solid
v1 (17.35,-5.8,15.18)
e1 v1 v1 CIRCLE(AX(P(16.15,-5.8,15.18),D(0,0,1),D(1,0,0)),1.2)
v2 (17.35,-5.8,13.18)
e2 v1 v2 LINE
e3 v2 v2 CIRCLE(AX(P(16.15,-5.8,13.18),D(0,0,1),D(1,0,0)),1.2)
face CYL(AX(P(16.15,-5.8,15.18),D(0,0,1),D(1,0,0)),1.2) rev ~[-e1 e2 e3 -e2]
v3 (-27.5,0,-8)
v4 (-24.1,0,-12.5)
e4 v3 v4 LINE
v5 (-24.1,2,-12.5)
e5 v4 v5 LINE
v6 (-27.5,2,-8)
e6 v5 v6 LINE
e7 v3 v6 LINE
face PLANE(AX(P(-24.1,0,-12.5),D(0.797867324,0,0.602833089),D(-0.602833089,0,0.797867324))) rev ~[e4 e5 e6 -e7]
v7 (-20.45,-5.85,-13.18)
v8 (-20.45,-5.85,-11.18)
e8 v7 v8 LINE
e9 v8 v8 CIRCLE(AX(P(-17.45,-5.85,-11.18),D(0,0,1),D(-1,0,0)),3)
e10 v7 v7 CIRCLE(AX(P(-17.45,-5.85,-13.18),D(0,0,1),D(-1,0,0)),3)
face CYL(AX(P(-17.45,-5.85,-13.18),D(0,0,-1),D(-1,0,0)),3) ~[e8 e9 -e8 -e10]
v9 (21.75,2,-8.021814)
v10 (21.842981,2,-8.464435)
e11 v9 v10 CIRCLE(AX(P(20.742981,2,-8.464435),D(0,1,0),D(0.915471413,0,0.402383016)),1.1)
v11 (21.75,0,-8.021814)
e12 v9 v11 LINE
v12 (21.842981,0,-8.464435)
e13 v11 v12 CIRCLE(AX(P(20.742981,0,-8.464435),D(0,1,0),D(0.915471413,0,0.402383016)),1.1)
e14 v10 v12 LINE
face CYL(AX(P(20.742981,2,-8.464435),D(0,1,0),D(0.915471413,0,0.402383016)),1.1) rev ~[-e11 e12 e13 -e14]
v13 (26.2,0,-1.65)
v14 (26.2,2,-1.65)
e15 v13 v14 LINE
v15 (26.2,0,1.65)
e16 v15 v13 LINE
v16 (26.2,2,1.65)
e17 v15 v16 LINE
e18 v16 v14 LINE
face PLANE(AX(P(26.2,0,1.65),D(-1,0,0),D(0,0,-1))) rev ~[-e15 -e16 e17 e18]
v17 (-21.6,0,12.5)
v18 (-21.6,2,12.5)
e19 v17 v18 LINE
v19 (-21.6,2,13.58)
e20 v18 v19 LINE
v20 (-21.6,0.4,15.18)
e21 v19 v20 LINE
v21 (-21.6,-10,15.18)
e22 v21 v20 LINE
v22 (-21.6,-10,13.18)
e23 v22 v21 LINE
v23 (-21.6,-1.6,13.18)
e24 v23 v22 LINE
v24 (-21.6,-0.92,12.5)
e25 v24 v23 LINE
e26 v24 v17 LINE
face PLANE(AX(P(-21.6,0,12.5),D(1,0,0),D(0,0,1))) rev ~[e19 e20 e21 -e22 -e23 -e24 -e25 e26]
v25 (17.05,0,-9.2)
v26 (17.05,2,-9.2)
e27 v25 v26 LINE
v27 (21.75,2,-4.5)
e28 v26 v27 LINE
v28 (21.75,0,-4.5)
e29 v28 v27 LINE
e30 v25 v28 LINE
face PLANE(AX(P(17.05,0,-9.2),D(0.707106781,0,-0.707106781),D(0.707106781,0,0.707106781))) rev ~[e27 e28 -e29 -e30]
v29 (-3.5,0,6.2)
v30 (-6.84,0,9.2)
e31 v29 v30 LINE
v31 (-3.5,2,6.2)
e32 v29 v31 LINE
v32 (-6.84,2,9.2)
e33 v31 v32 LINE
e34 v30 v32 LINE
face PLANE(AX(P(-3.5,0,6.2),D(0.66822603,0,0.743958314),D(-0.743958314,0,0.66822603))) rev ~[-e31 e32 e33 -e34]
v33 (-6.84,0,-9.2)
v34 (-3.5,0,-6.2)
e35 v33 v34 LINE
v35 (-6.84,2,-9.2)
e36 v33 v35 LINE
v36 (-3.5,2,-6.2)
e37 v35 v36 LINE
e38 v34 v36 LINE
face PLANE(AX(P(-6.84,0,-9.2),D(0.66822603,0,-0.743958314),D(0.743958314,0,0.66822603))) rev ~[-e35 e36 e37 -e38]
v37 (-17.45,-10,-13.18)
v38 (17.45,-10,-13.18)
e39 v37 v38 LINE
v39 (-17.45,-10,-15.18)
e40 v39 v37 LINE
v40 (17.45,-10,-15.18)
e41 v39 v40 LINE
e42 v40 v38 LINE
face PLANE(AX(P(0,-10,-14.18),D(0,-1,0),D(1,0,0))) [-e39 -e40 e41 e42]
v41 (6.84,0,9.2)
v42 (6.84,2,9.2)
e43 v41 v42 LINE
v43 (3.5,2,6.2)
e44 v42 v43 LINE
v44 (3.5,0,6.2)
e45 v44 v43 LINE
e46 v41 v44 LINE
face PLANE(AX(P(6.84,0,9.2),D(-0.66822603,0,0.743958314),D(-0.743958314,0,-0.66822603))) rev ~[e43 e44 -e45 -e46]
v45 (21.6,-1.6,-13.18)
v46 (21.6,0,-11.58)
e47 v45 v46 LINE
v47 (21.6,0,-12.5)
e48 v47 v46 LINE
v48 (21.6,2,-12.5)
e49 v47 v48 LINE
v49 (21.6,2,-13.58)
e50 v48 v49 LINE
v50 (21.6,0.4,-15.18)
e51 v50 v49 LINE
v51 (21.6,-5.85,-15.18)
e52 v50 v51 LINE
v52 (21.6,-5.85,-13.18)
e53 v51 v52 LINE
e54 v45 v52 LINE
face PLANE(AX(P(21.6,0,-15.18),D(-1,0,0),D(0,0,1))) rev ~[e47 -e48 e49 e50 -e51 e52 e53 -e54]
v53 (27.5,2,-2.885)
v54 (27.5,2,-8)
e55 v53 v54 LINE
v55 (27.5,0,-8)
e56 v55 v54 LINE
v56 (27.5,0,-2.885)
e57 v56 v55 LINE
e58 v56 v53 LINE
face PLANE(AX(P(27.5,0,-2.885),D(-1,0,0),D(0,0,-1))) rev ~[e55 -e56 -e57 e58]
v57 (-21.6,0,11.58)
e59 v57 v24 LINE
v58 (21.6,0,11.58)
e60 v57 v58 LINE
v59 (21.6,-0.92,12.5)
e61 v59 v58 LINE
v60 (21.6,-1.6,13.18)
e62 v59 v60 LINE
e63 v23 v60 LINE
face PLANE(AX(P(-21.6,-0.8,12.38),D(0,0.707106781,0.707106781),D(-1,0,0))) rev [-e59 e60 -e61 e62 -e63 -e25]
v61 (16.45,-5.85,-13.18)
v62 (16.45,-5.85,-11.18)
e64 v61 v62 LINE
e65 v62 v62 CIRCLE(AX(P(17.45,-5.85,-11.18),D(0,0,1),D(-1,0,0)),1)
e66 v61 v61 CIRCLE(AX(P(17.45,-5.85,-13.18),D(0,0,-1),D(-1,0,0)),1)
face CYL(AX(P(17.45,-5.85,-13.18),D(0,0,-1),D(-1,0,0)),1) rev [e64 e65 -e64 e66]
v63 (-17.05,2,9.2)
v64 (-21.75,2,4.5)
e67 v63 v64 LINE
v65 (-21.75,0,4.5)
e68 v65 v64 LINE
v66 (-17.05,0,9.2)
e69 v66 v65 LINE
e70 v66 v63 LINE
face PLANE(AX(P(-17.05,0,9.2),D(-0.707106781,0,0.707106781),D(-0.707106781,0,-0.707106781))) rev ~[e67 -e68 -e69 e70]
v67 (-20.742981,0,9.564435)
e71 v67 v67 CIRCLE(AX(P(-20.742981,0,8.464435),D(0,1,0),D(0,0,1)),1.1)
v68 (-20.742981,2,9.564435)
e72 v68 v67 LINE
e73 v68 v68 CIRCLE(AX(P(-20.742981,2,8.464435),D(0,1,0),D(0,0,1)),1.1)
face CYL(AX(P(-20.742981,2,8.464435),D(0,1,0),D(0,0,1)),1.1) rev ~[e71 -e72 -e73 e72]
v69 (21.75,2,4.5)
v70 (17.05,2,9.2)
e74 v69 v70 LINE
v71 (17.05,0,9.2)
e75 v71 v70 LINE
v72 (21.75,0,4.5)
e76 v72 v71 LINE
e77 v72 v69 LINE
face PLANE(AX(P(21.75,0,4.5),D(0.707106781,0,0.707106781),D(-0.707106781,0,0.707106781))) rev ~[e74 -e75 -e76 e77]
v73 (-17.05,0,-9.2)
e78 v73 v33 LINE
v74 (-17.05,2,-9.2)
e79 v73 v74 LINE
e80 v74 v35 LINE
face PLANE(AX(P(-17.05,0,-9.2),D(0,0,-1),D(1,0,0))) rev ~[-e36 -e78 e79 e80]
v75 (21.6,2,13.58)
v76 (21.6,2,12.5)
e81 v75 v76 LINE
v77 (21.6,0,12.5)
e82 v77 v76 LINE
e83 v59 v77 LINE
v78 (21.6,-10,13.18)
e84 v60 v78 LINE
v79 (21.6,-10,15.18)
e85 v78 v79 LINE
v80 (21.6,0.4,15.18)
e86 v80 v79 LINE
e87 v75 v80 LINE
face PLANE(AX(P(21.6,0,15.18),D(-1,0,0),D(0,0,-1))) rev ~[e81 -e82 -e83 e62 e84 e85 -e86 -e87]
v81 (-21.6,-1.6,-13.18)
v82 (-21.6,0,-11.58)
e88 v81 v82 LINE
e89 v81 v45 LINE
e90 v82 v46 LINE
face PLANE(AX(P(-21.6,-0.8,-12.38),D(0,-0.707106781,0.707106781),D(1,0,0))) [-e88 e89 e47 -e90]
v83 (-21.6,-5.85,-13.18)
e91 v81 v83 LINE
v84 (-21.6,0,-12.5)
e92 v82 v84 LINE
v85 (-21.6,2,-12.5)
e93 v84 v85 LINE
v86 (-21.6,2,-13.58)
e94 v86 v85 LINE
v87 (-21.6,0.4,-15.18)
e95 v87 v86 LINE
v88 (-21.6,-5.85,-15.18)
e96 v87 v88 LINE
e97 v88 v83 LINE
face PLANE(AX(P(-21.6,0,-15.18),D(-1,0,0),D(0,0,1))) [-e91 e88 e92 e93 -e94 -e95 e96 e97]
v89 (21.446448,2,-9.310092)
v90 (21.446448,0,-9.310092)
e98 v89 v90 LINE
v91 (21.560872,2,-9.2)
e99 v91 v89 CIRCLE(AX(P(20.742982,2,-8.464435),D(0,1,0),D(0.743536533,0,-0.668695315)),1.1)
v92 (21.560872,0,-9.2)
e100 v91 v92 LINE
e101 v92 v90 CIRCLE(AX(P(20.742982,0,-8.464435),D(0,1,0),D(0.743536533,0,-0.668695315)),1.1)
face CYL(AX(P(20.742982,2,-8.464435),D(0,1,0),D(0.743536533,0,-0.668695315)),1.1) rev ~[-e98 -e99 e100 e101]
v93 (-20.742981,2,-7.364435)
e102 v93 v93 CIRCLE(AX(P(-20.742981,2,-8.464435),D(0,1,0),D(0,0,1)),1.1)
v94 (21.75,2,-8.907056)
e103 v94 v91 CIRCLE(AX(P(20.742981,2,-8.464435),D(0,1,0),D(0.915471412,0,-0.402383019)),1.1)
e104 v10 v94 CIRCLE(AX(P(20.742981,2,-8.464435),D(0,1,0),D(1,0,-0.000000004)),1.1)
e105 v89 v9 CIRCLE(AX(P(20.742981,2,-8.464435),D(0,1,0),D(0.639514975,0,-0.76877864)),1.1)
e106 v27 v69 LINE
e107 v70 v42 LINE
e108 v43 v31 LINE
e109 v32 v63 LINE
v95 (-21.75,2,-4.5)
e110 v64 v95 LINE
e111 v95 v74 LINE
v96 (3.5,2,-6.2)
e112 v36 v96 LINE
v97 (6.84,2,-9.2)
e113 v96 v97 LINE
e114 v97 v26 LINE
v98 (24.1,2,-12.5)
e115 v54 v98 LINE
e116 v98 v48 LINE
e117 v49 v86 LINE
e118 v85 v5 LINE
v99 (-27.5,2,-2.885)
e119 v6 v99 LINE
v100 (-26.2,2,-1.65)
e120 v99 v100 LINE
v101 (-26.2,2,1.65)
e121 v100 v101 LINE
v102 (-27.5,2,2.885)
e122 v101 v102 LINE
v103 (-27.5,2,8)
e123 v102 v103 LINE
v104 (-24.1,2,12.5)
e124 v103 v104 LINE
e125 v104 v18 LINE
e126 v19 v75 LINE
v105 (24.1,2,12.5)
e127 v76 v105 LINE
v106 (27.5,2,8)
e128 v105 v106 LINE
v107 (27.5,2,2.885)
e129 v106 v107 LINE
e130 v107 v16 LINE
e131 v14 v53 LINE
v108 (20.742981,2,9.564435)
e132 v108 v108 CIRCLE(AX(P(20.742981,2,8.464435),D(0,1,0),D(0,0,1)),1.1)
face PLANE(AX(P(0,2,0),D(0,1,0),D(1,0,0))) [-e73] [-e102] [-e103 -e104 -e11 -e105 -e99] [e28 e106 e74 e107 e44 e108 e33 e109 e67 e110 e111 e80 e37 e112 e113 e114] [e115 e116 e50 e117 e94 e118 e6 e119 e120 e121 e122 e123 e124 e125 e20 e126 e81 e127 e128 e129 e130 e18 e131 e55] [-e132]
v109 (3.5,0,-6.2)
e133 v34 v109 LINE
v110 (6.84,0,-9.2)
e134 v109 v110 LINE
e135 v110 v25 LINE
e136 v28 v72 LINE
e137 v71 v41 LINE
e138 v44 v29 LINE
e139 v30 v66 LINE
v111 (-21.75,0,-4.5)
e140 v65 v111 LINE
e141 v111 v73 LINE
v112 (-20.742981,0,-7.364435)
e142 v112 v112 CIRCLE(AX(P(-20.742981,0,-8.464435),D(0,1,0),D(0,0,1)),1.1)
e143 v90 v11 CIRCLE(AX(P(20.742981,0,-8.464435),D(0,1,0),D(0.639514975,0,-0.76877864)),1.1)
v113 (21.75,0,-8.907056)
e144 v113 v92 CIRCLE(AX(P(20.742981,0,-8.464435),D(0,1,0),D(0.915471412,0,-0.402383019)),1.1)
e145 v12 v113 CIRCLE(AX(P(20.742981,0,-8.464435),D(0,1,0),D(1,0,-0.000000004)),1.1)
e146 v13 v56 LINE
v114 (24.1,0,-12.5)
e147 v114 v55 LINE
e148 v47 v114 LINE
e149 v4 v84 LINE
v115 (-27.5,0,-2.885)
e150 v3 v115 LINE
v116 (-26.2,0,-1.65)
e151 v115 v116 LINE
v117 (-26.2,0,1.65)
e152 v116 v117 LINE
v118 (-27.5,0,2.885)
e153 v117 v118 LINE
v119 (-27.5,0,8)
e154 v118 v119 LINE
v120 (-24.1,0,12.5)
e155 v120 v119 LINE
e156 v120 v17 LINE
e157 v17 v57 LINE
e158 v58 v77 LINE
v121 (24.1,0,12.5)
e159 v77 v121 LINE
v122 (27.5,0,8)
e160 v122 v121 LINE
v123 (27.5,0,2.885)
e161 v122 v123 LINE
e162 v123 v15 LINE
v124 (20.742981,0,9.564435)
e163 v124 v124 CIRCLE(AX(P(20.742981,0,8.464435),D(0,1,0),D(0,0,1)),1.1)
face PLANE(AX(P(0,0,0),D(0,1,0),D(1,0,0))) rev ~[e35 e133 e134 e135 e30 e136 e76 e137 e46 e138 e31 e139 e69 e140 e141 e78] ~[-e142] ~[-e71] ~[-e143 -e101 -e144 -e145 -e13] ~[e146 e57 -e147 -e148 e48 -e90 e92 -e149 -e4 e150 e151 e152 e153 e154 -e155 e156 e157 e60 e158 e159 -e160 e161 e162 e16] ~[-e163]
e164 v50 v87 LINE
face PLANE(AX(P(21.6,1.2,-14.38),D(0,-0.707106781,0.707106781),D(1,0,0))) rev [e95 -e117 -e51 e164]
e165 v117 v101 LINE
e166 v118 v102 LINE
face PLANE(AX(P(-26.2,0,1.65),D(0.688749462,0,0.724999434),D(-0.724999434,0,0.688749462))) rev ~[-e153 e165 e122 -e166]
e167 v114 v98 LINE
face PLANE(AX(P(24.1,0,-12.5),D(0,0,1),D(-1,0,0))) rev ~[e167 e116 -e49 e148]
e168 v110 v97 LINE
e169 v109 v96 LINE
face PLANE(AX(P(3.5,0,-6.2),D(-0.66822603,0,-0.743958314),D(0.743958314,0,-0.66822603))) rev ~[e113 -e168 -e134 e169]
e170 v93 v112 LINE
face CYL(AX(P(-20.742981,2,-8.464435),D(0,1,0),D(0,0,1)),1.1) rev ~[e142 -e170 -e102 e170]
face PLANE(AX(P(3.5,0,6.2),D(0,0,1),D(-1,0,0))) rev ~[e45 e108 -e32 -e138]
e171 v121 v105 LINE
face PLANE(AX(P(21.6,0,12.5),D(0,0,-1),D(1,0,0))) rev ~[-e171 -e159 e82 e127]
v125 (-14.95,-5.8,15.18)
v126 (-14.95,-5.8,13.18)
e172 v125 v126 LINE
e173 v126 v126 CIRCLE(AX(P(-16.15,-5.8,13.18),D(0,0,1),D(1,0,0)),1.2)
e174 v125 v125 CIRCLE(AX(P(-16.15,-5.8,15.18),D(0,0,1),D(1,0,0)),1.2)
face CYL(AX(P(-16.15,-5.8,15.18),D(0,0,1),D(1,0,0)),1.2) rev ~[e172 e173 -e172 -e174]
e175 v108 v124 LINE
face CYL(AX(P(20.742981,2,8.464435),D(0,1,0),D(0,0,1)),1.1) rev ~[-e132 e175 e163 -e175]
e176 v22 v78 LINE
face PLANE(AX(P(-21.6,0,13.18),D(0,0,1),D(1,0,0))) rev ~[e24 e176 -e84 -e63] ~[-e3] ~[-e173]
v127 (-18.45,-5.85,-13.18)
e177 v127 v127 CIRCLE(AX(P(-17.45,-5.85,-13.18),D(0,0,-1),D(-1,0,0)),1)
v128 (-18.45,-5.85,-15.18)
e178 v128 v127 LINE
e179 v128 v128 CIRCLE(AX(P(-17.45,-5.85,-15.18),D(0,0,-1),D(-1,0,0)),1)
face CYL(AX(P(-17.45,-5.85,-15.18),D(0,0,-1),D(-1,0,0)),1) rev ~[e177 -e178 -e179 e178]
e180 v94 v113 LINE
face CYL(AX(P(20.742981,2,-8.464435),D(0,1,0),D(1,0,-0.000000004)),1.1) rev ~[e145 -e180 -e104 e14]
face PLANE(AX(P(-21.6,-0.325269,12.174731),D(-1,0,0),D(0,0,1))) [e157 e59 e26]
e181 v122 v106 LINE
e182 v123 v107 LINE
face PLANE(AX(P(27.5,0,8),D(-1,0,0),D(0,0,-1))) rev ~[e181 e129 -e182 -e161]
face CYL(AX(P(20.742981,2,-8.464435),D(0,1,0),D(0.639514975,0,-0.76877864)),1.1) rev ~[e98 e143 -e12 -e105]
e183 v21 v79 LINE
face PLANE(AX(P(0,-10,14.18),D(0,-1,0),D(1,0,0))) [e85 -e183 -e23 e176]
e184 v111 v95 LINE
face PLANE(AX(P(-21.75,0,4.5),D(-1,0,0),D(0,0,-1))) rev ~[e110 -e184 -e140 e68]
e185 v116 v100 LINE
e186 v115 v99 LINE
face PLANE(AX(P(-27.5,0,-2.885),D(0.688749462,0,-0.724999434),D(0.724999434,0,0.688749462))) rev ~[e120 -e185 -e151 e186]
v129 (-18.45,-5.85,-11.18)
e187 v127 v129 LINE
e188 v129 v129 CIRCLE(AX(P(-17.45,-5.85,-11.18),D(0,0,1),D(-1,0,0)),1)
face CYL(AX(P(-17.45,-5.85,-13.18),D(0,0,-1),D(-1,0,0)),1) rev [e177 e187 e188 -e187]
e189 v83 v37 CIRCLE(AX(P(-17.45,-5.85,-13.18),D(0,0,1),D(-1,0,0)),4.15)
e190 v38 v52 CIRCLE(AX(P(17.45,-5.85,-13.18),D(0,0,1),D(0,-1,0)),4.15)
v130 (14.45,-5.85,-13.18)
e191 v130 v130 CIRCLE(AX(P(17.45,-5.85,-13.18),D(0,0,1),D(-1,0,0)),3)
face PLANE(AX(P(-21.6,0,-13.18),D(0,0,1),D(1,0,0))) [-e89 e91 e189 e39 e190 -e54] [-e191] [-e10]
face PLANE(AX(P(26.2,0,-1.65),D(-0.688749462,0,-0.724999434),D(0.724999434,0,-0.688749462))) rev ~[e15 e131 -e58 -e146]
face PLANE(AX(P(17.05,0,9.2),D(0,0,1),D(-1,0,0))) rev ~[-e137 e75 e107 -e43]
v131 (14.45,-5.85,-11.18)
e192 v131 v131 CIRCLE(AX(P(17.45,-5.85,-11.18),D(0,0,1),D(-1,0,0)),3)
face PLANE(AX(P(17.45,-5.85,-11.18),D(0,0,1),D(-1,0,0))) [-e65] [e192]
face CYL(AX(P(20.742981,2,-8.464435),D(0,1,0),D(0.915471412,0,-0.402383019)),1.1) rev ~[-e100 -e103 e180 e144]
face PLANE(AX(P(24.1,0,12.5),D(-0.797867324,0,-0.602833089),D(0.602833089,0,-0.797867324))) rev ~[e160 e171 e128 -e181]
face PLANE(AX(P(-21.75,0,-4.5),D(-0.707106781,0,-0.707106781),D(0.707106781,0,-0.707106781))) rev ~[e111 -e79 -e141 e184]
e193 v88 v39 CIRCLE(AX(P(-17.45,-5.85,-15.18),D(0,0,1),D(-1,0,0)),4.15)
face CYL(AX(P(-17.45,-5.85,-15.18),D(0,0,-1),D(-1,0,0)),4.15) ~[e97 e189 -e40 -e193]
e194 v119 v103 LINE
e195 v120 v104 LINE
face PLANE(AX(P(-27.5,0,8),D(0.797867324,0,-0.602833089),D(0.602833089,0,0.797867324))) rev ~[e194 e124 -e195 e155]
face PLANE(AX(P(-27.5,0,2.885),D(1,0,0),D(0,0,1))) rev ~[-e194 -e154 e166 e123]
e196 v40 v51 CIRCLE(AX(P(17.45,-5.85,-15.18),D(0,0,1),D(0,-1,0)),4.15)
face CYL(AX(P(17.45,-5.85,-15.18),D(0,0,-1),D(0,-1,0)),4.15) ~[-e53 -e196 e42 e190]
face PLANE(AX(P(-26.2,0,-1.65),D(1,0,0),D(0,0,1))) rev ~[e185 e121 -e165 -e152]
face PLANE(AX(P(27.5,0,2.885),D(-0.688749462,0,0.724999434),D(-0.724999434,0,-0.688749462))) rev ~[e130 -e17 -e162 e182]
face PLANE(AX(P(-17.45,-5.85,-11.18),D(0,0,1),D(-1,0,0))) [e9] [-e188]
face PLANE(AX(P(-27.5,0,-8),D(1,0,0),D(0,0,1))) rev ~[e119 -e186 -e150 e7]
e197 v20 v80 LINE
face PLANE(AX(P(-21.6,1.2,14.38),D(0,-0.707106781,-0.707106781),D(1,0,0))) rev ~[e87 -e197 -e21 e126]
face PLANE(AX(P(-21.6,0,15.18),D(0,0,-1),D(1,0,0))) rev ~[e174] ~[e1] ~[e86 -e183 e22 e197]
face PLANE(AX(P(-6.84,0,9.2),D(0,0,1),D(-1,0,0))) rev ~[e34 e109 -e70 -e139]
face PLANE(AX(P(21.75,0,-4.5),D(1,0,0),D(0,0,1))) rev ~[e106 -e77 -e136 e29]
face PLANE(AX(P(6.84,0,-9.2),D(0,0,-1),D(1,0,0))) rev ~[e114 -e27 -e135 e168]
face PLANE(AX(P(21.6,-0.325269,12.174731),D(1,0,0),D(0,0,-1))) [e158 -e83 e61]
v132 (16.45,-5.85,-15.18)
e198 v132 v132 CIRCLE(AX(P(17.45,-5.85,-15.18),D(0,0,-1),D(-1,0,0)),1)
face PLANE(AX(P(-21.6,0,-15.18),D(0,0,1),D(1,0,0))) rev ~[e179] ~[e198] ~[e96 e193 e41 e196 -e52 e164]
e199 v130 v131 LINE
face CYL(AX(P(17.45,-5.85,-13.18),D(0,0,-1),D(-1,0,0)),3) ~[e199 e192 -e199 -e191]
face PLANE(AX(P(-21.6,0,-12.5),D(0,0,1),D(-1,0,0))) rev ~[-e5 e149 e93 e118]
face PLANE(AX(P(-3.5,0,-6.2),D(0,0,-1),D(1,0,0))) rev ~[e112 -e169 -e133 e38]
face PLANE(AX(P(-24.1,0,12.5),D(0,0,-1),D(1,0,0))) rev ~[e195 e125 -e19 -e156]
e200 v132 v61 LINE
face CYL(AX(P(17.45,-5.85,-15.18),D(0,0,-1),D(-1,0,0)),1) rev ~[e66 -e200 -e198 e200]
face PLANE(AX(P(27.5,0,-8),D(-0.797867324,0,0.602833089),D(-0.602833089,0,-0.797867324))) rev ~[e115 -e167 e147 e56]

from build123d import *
from build123d.topology import SkipClean

# Parameters (mm, degrees)
EXTRUDE_1_DEPTH     = 2
SKETCH_2_R          = 1.1
CUT_EXTRUDE_1_DEPTH = 2
SKETCH_3_W          = 43.2
SKETCH_3_H          = 2
EXTRUDE_2_DEPTH     = 10
SKETCH_4_R          = 1
CUT_EXTRUDE_2_DEPTH = 2
SKETCH_5_R          = 3
SKETCH_5_R_2        = 1
EXTRUDE_3_DEPTH     = 2
CHAMFER_2_SIZE      = 1.6
CUT_EXTRUDE_3_DEPTH = 5.9
CUT_EXTRUDE_4_DEPTH = 5.9
SKETCH_9_R          = 1.2
CUT_EXTRUDE_5_DEPTH = 10
CUT_EXTRUDE_7_DEPTH = 10


with BuildPart() as part:
    # 草图1 → 凸台-拉伸1 (new body)
    with BuildSketch(Plane(origin=(0, 0, 0), x_dir=(1, 0, 0), z_dir=(0, 1, 0))):
        Polygon((24.1, -12.5), (27.5, -8), (27.5, -2.885), (26.2, -1.65), (26.2, 1.65), (27.5, 2.885), (27.5, 8), (24.1, 12.5), (21.6, 12.5), (21.6, 15.18), (-21.6, 15.18), (-21.6, 12.5), (-24.1, 12.5), (-27.5, 8), (-27.5, 2.885), (-26.2, 1.65), (-26.2, -1.65), (-27.5, -2.885), (-27.5, -8), (-24.1, -12.5), (-21.6, -12.5), (-21.6, -15.18), (21.6, -15.18), (21.6, -12.5), align=None)
        Polygon((17.05, -9.2), (6.84, -9.2), (3.5, -6.2), (-3.5, -6.2), (-6.84, -9.2), (-17.05, -9.2), (-21.75, -4.5), (-21.75, 4.5), (-17.05, 9.2), (-6.84, 9.2), (-3.5, 6.2), (3.5, 6.2), (6.84, 9.2), (17.05, 9.2), (21.75, 4.5), (21.75, -4.5), align=None, mode=Mode.SUBTRACT)
    extrude(amount=EXTRUDE_1_DEPTH)

    # 草图2 → 切除-拉伸1 (cut)
    with BuildSketch(Plane(origin=(0, 2, 0), x_dir=(1, 0, 0), z_dir=(0, 1, 0))):
        with Locations(Location((20.742981447, -8.464435144, 0), (0, 0, 270))):
            Circle(SKETCH_2_R)
        with Locations(Location((-20.742981447, 8.464435144, 0), (0, 0, 270))):
            Circle(SKETCH_2_R)
        with BuildLine():
            Line((21.75, 8.021813823), (21.75, 8.907056465))
            ThreePointArc((21.75, 8.907056465), (21.667117231, 9.061069917), (21.560871624, 9.2))
            Line((21.560871624, 9.2), (21.354867257, 9.2))
            Line((21.354867257, 9.2), (21.446447919, 9.310091648))
            ThreePointArc((21.446447919, 9.310091648), (19.672301899, 8.21215493), (21.75, 8.021813823))
        make_face()
        with Locations(Location((-20.742981447, -8.464435144, 0), (0, 0, 270))):
            Circle(SKETCH_2_R)
    extrude(amount=-CUT_EXTRUDE_1_DEPTH, mode=Mode.SUBTRACT)

    # 草图3 → 凸台-拉伸2 (add)
    with BuildSketch(Plane.XZ):
        with Locations((0, -14.18)):
            Rectangle(SKETCH_3_W, SKETCH_3_H)
        with Locations((0, 14.18)):
            Rectangle(SKETCH_3_W, SKETCH_3_H)
    extrude(amount=EXTRUDE_2_DEPTH)

    # 草图4 → 切除-拉伸2 (cut)
    with BuildSketch(Plane(origin=(0, 0, -15.18), x_dir=(-1, 0, 0), z_dir=(0, 0, -1))):
        with Locations((-17.45, -5.85)):
            Circle(SKETCH_4_R)
        with BuildLine():
            ThreePointArc((-17.45, -10), (-20.384493142, -8.784493142), (-21.6, -5.85))
            Line((-21.6, -5.85), (-21.6, -10))
            Line((-21.6, -10), (-17.45, -10))
        make_face()
        with Locations((17.45, -5.85)):
            Circle(SKETCH_4_R)
        with BuildLine():
            Line((21.6, -10), (21.6, -5.85))
            ThreePointArc((21.6, -5.85), (20.384493142, -8.784493142), (17.45, -10))
            Line((17.45, -10), (21.6, -10))
        make_face()
    extrude(amount=-CUT_EXTRUDE_2_DEPTH, mode=Mode.SUBTRACT)

    # 草图5 → 凸台-拉伸3 (add)
    # profile 1 of 2: a face of its own
    with BuildSketch(Plane.XY.offset(-13.18)):
        with Locations(Location((17.45, -5.85, 0), (0, 0, 180))):
            Circle(SKETCH_5_R)
        with Locations(Location((17.45, -5.85, 0), (0, 0, 180))):
            Circle(SKETCH_5_R_2, mode=Mode.SUBTRACT)
    # profile 2 of 2: a face of its own
    with BuildSketch(Plane.XY.offset(-13.18)):
        with Locations(Location((-17.45, -5.85, 0), (0, 0, 180))):
            Circle(SKETCH_5_R)
        with Locations(Location((-17.45, -5.85, 0), (0, 0, 180))):
            Circle(SKETCH_5_R_2, mode=Mode.SUBTRACT)
    extrude(amount=EXTRUDE_3_DEPTH)

    # 倒角2
    chamfer_2_edges = [part.edges().sort_by_distance(p)[0] for p in [
        (0, 2, 15.18),
        (0, 0, 13.18),
        (0, 0, -13.18),
        (0, 2, -15.18),
    ]]
    chamfer(chamfer_2_edges, length=CHAMFER_2_SIZE)

    # 草图7 → 切除-拉伸3 (cut)
    with BuildSketch(Plane(origin=(21.6, 0, 0), x_dir=(0, 0, -1), z_dir=(1, 0, 0))):
        Polygon((-12.5, -0.92), (-11.58, 0), (-12.5, 0), align=None)
        Polygon((12.5, 0), (11.58, 0), (12.5, -0.92), align=None)
    extrude(amount=CUT_EXTRUDE_3_DEPTH, mode=Mode.SUBTRACT)

    # 草图8 → 切除-拉伸4 (cut)
    with BuildSketch(Plane.ZY.offset(27.5)):
        Polygon((12.5, 0), (11.58, 0), (12.5, -0.92), align=None)
        Polygon((-12.5, -0.92), (-11.58, 0), (-12.5, 0), align=None)
    extrude(amount=-CUT_EXTRUDE_4_DEPTH, mode=Mode.SUBTRACT)

    # 草图9 → 切除-拉伸5 (cut)
    with BuildSketch(Plane.XY.offset(15.18)):
        with Locations((-16.15, -5.8)):
            Circle(SKETCH_9_R)
        with Locations((16.15, -5.8)):
            Circle(SKETCH_9_R)
    extrude(amount=-CUT_EXTRUDE_5_DEPTH, mode=Mode.SUBTRACT)

    # 草图11 → 切除-拉伸7 (cut)
    with SkipClean():  # the faces are left unmerged after this step: merging them gives an invalid solid
        with BuildSketch(Plane(origin=(0, 2, 0), x_dir=(1, 0, 0), z_dir=(0, 1, 0))):
            with BuildLine():
                Line((21.446447919, 9.310091648), (21.354867257, 9.2))
                Line((21.354867257, 9.2), (21.560871624, 9.2))
                ThreePointArc((21.560871624, 9.2), (21.667117231, 9.061069917), (21.75, 8.907056465))
                Line((21.75, 8.907056465), (21.75, 8.021813823))
                ThreePointArc((21.75, 8.021813823), (19.672301899, 8.21215493), (21.446447919, 9.310091648))
            make_face()
            with BuildLine():
                Line((21.75, 8.907056465), (21.75, 8.021813823))
                ThreePointArc((21.75, 8.021813823), (21.819485141, 8.238294047), (21.842981447, 8.464435144))
                ThreePointArc((21.842981447, 8.464435144), (21.819485141, 8.690576241), (21.75, 8.907056465))
            make_face()
            with BuildLine():
                ThreePointArc((21.560871624, 9.2), (21.505648843, 9.257113164), (21.446447919, 9.310091648))
                Line((21.446447919, 9.310091648), (21.354867257, 9.2))
                Line((21.354867257, 9.2), (21.560871624, 9.2))
            make_face()
        extrude(amount=-CUT_EXTRUDE_7_DEPTH, mode=Mode.SUBTRACT)


solid = part.part
